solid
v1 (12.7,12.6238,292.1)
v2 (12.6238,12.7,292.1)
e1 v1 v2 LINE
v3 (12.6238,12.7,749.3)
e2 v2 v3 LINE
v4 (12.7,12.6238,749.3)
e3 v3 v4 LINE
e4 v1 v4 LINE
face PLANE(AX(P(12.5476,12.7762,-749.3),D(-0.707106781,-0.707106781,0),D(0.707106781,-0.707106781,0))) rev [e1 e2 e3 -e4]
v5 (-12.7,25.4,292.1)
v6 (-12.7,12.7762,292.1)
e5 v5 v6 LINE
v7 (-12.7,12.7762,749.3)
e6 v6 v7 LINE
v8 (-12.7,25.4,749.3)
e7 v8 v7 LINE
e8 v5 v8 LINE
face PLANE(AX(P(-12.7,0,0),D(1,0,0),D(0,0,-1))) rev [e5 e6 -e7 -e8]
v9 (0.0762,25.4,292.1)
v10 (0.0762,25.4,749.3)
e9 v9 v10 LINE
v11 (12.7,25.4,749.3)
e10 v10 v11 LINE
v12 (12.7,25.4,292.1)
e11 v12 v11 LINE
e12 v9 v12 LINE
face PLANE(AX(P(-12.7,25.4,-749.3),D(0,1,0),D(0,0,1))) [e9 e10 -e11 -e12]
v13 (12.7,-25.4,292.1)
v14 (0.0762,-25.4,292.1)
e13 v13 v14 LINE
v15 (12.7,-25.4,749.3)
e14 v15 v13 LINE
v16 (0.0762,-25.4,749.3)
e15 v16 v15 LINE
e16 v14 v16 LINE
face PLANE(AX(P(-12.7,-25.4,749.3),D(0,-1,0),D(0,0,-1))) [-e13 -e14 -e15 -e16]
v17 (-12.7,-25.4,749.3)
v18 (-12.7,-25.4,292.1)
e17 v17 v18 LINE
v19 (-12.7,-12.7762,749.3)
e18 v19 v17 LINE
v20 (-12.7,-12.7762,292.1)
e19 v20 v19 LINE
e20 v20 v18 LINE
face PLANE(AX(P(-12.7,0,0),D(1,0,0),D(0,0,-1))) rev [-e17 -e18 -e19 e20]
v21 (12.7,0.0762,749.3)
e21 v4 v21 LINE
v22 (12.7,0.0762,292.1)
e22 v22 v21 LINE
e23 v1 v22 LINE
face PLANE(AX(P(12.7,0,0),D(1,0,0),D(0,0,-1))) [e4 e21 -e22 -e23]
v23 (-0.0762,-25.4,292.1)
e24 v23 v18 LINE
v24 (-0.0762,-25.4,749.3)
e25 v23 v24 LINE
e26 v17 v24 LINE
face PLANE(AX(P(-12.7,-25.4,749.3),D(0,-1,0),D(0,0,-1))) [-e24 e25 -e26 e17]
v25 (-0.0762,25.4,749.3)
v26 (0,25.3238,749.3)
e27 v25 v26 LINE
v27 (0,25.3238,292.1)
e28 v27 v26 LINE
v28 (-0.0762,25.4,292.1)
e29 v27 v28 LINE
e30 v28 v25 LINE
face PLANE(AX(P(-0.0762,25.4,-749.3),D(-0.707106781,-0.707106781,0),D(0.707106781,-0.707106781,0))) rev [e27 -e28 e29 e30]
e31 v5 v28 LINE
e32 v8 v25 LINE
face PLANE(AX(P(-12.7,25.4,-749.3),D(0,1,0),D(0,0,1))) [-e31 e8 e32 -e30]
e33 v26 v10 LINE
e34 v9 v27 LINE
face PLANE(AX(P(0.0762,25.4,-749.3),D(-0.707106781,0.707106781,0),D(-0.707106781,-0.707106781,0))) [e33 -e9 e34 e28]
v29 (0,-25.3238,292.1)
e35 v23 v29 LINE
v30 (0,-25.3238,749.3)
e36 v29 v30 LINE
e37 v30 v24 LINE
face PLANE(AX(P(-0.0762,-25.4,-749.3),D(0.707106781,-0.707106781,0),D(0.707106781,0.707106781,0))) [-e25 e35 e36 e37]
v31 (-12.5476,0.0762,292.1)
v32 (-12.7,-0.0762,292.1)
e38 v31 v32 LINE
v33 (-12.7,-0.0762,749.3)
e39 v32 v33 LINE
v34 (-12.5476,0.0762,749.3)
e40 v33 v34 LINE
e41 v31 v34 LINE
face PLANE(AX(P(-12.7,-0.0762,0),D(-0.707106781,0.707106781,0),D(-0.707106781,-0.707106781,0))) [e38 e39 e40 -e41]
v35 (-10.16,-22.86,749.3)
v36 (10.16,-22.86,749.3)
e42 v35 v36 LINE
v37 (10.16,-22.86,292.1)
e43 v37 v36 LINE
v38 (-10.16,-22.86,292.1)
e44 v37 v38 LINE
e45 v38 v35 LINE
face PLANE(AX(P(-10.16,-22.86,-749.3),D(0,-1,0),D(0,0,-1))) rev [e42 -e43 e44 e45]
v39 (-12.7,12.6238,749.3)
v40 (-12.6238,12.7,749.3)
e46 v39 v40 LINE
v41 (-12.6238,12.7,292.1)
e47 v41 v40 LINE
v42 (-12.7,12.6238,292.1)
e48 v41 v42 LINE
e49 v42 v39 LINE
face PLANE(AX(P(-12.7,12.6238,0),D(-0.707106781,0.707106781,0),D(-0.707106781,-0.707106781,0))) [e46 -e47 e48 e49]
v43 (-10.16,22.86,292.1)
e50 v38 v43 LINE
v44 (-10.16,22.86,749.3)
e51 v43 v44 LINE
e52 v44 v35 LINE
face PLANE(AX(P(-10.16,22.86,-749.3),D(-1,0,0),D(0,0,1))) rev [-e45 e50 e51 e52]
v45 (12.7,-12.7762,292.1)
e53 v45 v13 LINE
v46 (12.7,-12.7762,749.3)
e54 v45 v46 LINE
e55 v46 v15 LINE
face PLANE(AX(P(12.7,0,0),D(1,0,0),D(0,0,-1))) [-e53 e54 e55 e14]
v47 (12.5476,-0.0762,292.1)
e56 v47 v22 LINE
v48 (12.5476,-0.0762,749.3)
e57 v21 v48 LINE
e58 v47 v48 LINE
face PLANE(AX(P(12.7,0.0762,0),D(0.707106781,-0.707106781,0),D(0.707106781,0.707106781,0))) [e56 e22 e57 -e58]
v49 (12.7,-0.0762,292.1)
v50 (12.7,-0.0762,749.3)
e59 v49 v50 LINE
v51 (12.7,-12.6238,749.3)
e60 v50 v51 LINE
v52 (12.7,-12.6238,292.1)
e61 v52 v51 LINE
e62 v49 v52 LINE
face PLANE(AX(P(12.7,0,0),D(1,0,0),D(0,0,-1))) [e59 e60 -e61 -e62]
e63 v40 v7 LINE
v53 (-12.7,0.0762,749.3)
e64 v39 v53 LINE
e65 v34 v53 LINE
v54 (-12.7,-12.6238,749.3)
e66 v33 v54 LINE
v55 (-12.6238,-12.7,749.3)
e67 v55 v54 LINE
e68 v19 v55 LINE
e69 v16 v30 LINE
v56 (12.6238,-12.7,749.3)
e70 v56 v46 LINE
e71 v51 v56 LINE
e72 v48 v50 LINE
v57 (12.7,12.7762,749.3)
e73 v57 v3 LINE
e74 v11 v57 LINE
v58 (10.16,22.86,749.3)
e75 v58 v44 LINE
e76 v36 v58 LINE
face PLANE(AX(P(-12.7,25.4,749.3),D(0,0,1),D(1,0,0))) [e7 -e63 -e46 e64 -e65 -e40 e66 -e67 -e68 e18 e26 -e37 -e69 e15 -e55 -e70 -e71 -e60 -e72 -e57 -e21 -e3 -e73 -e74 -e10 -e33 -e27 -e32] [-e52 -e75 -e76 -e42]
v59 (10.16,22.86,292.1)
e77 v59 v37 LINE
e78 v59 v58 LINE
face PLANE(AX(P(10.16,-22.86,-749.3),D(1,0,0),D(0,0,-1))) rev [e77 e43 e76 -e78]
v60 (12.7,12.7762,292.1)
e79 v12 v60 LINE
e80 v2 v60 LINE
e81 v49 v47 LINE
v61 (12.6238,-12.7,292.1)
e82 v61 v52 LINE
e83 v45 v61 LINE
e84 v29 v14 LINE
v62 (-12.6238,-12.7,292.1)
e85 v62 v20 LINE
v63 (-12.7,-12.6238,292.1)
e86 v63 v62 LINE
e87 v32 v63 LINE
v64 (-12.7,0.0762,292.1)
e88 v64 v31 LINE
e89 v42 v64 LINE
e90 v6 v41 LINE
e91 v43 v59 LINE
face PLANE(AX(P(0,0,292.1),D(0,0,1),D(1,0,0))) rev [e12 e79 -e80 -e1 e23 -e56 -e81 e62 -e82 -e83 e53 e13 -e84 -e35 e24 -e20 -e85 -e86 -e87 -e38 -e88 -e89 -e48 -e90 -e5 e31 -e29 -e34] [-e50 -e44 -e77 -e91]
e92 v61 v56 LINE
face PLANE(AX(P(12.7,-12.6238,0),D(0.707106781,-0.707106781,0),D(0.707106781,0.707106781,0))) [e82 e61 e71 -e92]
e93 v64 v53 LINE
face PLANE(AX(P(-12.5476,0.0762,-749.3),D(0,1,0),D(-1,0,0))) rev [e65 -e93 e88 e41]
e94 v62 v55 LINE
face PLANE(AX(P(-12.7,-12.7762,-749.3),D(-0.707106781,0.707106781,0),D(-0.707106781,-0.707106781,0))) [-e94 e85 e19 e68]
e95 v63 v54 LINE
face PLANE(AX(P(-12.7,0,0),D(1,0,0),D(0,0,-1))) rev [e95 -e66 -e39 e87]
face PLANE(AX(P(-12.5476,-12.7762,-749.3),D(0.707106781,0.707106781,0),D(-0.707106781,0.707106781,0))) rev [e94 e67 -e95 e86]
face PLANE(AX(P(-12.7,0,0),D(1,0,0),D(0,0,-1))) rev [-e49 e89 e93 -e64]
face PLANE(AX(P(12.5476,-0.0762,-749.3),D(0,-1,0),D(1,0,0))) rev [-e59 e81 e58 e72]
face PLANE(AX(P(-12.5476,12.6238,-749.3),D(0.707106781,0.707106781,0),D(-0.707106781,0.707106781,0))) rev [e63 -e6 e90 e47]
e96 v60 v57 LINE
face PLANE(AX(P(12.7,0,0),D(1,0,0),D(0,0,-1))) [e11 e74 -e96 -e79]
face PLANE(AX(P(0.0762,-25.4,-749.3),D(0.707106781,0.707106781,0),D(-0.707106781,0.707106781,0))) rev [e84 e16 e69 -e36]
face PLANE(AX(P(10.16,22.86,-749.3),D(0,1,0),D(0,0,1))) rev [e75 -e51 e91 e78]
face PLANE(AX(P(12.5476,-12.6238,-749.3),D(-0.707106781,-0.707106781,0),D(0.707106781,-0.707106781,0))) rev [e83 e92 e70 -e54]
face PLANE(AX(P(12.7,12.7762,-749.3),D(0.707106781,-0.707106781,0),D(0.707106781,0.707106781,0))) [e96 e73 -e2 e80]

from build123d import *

# Parameters (mm, degrees)
SKETCH1_W           = 1498.6
SKETCH1_H           = 50.8
BOSS_EXTRUDE1_DEPTH = 25.4
CUT_EXTRUDE1_DEPTH  = 1498.6
CUT_EXTRUDE2_DEPTH  = 1499.869043646
CUT_EXTRUDE3_DEPTH  = 1498.6
CUT_EXTRUDE4_DEPTH  = 1498.6
CUT_EXTRUDE5_DEPTH  = 1499.869043646
CUT_EXTRUDE6_DEPTH  = 1499.869043646
CUT_EXTRUDE7_DEPTH  = 1498.6
CUT_EXTRUDE8_DEPTH  = 1498.6
SKETCH10_W          = 20.32
SKETCH10_H          = 45.72
CUT_EXTRUDE9_DEPTH  = 1499.869043646
DRAFT1_ANGLE        = 45
DRAFT2_ANGLE        = 45.000000005
DRAFT3_ANGLE        = 45
DRAFT4_ANGLE        = 45
DRAFT5_ANGLE        = 45
DRAFT6_ANGLE        = 44.999999995
SKETCH11_W          = 61.962293059
SKETCH11_H          = 88.678950317
CUT_EXTRUDE10_DEPTH = 1041.4


with BuildPart() as part:
    # Sketch1 → Boss-Extrude1 (new body)
    with BuildSketch(Plane(origin=(12.7, 0, 0), x_dir=(0, 0, -1), z_dir=(1, 0, 0))):
        Rectangle(SKETCH1_W, SKETCH1_H)
    extrude(amount=-BOSS_EXTRUDE1_DEPTH)

    # Sketch2 → Cut-Extrude1 (cut)
    with BuildSketch(Plane.XY.offset(749.3)):
        Polygon((0.0762, 25.4), (-0.0762, 25.4), (0.0762, 25.2476), align=None)
    extrude(amount=-CUT_EXTRUDE1_DEPTH, mode=Mode.SUBTRACT)

    # Sketch3 → Cut-Extrude2 (cut, through all)
    with BuildSketch(Plane.XY.offset(749.3)):
        Polygon((12.7, 12.6238), (12.7, 12.7762), (12.5476, 12.7762), align=None)
    extrude(amount=-CUT_EXTRUDE2_DEPTH, mode=Mode.SUBTRACT)

    # Sketch4 → Cut-Extrude3 (cut)
    with BuildSketch(Plane.XY.offset(749.3)):
        Polygon((12.7, -0.0762), (12.7, 0.0762), (12.5476, -0.0762), align=None)
    extrude(amount=-CUT_EXTRUDE3_DEPTH, mode=Mode.SUBTRACT)

    # Sketch5 → Cut-Extrude4 (cut)
    with BuildSketch(Plane.XY.offset(749.3)):
        Polygon((12.7, -12.7762), (12.7, -12.6238), (12.5476, -12.6238), align=None)
    extrude(amount=-CUT_EXTRUDE4_DEPTH, mode=Mode.SUBTRACT)

    # Sketch6 → Cut-Extrude5 (cut, through all)
    with BuildSketch(Plane.XY.offset(749.3)):
        Polygon((0.0762, -25.4), (-0.0762, -25.2476), (-0.0762, -25.4), align=None)
    extrude(amount=-CUT_EXTRUDE5_DEPTH, mode=Mode.SUBTRACT)

    # Sketch7 → Cut-Extrude6 (cut, through all)
    with BuildSketch(Plane.XY.offset(749.3)):
        Polygon((-12.7, -12.6238), (-12.7, -12.7762), (-12.5476, -12.7762), align=None)
    extrude(amount=-CUT_EXTRUDE6_DEPTH, mode=Mode.SUBTRACT)

    # Sketch8 → Cut-Extrude7 (cut)
    with BuildSketch(Plane.XY.offset(749.3)):
        Polygon((-12.7, 0.0762), (-12.7, -0.0762), (-12.5476, 0.0762), align=None)
    extrude(amount=-CUT_EXTRUDE7_DEPTH, mode=Mode.SUBTRACT)

    # Sketch9 → Cut-Extrude8 (cut)
    with BuildSketch(Plane.XY.offset(749.3)):
        Polygon((-12.7, 12.7762), (-12.7, 12.6238), (-12.5476, 12.6238), align=None)
    extrude(amount=-CUT_EXTRUDE8_DEPTH, mode=Mode.SUBTRACT)

    # Sketch10 → Cut-Extrude9 (cut, through all)
    with BuildSketch(Plane.XY.offset(749.3)):
        Rectangle(SKETCH10_W, SKETCH10_H)
    extrude(amount=-CUT_EXTRUDE9_DEPTH, mode=Mode.SUBTRACT)

    # Draft1
    draft1_faces = [part.faces().sort_by_distance(p)[0] for p in [
        (0.0762, 25.3238, 0),
    ]]
    draft(draft1_faces, Plane(origin=(-12.7, 25.4, -749.3), x_dir=(0, 0, 1), z_dir=(0, 1, 0)), DRAFT1_ANGLE)

    # Draft2
    draft2_faces = [part.faces().sort_by_distance(p)[0] for p in [
        (12.6238, 12.7762, 0),
    ]]
    draft(draft2_faces, Plane(origin=(12.7, 0, 0), x_dir=(0, 0, 1), z_dir=(1, 0, 0)), DRAFT2_ANGLE)

    # Draft3
    draft3_faces = [part.faces().sort_by_distance(p)[0] for p in [
        (-0.0762, -25.3238, 0),
    ]]
    draft(draft3_faces, Plane(origin=(-12.7, -25.4, 749.3), x_dir=(0, 0, -1), z_dir=(0, -1, 0)), DRAFT3_ANGLE)

    # Draft4
    draft4_faces = [part.faces().sort_by_distance(p)[0] for p in [
        (-12.6238, -12.7762, 0),
    ]]
    draft(draft4_faces, Plane(origin=(-12.7, 0, 0), x_dir=(0, 0, -1), z_dir=(-1, 0, 0)), DRAFT4_ANGLE)

    # Draft5
    draft5_faces = [part.faces().sort_by_distance(p)[0] for p in [
        (12.6238, -12.6238, 0),
        (12.6238, 0, 0),
    ]]
    draft(draft5_faces, Plane(origin=(12.7, 0, 0), x_dir=(0, 0, 1), z_dir=(1, 0, 0)), DRAFT5_ANGLE)

    # Draft6
    draft6_faces = [part.faces().sort_by_distance(p)[0] for p in [
        (-12.6238, 0, 0),
        (-12.6238, 12.6238, 0),
    ]]
    draft(draft6_faces, Plane(origin=(-12.7, 0, 0), x_dir=(0, 0, -1), z_dir=(-1, 0, 0)), DRAFT6_ANGLE)

    # Sketch11 → Cut-Extrude10 (cut)
    with BuildSketch(Plane(origin=(0, 0, -749.3), x_dir=(-1, 0, 0), z_dir=(0, 0, -1))):
        with Locations((-2.92473676, 0.325700182)):
            Rectangle(SKETCH11_W, SKETCH11_H)
    extrude(amount=-CUT_EXTRUDE10_DEPTH, mode=Mode.SUBTRACT)


solid = part.part
